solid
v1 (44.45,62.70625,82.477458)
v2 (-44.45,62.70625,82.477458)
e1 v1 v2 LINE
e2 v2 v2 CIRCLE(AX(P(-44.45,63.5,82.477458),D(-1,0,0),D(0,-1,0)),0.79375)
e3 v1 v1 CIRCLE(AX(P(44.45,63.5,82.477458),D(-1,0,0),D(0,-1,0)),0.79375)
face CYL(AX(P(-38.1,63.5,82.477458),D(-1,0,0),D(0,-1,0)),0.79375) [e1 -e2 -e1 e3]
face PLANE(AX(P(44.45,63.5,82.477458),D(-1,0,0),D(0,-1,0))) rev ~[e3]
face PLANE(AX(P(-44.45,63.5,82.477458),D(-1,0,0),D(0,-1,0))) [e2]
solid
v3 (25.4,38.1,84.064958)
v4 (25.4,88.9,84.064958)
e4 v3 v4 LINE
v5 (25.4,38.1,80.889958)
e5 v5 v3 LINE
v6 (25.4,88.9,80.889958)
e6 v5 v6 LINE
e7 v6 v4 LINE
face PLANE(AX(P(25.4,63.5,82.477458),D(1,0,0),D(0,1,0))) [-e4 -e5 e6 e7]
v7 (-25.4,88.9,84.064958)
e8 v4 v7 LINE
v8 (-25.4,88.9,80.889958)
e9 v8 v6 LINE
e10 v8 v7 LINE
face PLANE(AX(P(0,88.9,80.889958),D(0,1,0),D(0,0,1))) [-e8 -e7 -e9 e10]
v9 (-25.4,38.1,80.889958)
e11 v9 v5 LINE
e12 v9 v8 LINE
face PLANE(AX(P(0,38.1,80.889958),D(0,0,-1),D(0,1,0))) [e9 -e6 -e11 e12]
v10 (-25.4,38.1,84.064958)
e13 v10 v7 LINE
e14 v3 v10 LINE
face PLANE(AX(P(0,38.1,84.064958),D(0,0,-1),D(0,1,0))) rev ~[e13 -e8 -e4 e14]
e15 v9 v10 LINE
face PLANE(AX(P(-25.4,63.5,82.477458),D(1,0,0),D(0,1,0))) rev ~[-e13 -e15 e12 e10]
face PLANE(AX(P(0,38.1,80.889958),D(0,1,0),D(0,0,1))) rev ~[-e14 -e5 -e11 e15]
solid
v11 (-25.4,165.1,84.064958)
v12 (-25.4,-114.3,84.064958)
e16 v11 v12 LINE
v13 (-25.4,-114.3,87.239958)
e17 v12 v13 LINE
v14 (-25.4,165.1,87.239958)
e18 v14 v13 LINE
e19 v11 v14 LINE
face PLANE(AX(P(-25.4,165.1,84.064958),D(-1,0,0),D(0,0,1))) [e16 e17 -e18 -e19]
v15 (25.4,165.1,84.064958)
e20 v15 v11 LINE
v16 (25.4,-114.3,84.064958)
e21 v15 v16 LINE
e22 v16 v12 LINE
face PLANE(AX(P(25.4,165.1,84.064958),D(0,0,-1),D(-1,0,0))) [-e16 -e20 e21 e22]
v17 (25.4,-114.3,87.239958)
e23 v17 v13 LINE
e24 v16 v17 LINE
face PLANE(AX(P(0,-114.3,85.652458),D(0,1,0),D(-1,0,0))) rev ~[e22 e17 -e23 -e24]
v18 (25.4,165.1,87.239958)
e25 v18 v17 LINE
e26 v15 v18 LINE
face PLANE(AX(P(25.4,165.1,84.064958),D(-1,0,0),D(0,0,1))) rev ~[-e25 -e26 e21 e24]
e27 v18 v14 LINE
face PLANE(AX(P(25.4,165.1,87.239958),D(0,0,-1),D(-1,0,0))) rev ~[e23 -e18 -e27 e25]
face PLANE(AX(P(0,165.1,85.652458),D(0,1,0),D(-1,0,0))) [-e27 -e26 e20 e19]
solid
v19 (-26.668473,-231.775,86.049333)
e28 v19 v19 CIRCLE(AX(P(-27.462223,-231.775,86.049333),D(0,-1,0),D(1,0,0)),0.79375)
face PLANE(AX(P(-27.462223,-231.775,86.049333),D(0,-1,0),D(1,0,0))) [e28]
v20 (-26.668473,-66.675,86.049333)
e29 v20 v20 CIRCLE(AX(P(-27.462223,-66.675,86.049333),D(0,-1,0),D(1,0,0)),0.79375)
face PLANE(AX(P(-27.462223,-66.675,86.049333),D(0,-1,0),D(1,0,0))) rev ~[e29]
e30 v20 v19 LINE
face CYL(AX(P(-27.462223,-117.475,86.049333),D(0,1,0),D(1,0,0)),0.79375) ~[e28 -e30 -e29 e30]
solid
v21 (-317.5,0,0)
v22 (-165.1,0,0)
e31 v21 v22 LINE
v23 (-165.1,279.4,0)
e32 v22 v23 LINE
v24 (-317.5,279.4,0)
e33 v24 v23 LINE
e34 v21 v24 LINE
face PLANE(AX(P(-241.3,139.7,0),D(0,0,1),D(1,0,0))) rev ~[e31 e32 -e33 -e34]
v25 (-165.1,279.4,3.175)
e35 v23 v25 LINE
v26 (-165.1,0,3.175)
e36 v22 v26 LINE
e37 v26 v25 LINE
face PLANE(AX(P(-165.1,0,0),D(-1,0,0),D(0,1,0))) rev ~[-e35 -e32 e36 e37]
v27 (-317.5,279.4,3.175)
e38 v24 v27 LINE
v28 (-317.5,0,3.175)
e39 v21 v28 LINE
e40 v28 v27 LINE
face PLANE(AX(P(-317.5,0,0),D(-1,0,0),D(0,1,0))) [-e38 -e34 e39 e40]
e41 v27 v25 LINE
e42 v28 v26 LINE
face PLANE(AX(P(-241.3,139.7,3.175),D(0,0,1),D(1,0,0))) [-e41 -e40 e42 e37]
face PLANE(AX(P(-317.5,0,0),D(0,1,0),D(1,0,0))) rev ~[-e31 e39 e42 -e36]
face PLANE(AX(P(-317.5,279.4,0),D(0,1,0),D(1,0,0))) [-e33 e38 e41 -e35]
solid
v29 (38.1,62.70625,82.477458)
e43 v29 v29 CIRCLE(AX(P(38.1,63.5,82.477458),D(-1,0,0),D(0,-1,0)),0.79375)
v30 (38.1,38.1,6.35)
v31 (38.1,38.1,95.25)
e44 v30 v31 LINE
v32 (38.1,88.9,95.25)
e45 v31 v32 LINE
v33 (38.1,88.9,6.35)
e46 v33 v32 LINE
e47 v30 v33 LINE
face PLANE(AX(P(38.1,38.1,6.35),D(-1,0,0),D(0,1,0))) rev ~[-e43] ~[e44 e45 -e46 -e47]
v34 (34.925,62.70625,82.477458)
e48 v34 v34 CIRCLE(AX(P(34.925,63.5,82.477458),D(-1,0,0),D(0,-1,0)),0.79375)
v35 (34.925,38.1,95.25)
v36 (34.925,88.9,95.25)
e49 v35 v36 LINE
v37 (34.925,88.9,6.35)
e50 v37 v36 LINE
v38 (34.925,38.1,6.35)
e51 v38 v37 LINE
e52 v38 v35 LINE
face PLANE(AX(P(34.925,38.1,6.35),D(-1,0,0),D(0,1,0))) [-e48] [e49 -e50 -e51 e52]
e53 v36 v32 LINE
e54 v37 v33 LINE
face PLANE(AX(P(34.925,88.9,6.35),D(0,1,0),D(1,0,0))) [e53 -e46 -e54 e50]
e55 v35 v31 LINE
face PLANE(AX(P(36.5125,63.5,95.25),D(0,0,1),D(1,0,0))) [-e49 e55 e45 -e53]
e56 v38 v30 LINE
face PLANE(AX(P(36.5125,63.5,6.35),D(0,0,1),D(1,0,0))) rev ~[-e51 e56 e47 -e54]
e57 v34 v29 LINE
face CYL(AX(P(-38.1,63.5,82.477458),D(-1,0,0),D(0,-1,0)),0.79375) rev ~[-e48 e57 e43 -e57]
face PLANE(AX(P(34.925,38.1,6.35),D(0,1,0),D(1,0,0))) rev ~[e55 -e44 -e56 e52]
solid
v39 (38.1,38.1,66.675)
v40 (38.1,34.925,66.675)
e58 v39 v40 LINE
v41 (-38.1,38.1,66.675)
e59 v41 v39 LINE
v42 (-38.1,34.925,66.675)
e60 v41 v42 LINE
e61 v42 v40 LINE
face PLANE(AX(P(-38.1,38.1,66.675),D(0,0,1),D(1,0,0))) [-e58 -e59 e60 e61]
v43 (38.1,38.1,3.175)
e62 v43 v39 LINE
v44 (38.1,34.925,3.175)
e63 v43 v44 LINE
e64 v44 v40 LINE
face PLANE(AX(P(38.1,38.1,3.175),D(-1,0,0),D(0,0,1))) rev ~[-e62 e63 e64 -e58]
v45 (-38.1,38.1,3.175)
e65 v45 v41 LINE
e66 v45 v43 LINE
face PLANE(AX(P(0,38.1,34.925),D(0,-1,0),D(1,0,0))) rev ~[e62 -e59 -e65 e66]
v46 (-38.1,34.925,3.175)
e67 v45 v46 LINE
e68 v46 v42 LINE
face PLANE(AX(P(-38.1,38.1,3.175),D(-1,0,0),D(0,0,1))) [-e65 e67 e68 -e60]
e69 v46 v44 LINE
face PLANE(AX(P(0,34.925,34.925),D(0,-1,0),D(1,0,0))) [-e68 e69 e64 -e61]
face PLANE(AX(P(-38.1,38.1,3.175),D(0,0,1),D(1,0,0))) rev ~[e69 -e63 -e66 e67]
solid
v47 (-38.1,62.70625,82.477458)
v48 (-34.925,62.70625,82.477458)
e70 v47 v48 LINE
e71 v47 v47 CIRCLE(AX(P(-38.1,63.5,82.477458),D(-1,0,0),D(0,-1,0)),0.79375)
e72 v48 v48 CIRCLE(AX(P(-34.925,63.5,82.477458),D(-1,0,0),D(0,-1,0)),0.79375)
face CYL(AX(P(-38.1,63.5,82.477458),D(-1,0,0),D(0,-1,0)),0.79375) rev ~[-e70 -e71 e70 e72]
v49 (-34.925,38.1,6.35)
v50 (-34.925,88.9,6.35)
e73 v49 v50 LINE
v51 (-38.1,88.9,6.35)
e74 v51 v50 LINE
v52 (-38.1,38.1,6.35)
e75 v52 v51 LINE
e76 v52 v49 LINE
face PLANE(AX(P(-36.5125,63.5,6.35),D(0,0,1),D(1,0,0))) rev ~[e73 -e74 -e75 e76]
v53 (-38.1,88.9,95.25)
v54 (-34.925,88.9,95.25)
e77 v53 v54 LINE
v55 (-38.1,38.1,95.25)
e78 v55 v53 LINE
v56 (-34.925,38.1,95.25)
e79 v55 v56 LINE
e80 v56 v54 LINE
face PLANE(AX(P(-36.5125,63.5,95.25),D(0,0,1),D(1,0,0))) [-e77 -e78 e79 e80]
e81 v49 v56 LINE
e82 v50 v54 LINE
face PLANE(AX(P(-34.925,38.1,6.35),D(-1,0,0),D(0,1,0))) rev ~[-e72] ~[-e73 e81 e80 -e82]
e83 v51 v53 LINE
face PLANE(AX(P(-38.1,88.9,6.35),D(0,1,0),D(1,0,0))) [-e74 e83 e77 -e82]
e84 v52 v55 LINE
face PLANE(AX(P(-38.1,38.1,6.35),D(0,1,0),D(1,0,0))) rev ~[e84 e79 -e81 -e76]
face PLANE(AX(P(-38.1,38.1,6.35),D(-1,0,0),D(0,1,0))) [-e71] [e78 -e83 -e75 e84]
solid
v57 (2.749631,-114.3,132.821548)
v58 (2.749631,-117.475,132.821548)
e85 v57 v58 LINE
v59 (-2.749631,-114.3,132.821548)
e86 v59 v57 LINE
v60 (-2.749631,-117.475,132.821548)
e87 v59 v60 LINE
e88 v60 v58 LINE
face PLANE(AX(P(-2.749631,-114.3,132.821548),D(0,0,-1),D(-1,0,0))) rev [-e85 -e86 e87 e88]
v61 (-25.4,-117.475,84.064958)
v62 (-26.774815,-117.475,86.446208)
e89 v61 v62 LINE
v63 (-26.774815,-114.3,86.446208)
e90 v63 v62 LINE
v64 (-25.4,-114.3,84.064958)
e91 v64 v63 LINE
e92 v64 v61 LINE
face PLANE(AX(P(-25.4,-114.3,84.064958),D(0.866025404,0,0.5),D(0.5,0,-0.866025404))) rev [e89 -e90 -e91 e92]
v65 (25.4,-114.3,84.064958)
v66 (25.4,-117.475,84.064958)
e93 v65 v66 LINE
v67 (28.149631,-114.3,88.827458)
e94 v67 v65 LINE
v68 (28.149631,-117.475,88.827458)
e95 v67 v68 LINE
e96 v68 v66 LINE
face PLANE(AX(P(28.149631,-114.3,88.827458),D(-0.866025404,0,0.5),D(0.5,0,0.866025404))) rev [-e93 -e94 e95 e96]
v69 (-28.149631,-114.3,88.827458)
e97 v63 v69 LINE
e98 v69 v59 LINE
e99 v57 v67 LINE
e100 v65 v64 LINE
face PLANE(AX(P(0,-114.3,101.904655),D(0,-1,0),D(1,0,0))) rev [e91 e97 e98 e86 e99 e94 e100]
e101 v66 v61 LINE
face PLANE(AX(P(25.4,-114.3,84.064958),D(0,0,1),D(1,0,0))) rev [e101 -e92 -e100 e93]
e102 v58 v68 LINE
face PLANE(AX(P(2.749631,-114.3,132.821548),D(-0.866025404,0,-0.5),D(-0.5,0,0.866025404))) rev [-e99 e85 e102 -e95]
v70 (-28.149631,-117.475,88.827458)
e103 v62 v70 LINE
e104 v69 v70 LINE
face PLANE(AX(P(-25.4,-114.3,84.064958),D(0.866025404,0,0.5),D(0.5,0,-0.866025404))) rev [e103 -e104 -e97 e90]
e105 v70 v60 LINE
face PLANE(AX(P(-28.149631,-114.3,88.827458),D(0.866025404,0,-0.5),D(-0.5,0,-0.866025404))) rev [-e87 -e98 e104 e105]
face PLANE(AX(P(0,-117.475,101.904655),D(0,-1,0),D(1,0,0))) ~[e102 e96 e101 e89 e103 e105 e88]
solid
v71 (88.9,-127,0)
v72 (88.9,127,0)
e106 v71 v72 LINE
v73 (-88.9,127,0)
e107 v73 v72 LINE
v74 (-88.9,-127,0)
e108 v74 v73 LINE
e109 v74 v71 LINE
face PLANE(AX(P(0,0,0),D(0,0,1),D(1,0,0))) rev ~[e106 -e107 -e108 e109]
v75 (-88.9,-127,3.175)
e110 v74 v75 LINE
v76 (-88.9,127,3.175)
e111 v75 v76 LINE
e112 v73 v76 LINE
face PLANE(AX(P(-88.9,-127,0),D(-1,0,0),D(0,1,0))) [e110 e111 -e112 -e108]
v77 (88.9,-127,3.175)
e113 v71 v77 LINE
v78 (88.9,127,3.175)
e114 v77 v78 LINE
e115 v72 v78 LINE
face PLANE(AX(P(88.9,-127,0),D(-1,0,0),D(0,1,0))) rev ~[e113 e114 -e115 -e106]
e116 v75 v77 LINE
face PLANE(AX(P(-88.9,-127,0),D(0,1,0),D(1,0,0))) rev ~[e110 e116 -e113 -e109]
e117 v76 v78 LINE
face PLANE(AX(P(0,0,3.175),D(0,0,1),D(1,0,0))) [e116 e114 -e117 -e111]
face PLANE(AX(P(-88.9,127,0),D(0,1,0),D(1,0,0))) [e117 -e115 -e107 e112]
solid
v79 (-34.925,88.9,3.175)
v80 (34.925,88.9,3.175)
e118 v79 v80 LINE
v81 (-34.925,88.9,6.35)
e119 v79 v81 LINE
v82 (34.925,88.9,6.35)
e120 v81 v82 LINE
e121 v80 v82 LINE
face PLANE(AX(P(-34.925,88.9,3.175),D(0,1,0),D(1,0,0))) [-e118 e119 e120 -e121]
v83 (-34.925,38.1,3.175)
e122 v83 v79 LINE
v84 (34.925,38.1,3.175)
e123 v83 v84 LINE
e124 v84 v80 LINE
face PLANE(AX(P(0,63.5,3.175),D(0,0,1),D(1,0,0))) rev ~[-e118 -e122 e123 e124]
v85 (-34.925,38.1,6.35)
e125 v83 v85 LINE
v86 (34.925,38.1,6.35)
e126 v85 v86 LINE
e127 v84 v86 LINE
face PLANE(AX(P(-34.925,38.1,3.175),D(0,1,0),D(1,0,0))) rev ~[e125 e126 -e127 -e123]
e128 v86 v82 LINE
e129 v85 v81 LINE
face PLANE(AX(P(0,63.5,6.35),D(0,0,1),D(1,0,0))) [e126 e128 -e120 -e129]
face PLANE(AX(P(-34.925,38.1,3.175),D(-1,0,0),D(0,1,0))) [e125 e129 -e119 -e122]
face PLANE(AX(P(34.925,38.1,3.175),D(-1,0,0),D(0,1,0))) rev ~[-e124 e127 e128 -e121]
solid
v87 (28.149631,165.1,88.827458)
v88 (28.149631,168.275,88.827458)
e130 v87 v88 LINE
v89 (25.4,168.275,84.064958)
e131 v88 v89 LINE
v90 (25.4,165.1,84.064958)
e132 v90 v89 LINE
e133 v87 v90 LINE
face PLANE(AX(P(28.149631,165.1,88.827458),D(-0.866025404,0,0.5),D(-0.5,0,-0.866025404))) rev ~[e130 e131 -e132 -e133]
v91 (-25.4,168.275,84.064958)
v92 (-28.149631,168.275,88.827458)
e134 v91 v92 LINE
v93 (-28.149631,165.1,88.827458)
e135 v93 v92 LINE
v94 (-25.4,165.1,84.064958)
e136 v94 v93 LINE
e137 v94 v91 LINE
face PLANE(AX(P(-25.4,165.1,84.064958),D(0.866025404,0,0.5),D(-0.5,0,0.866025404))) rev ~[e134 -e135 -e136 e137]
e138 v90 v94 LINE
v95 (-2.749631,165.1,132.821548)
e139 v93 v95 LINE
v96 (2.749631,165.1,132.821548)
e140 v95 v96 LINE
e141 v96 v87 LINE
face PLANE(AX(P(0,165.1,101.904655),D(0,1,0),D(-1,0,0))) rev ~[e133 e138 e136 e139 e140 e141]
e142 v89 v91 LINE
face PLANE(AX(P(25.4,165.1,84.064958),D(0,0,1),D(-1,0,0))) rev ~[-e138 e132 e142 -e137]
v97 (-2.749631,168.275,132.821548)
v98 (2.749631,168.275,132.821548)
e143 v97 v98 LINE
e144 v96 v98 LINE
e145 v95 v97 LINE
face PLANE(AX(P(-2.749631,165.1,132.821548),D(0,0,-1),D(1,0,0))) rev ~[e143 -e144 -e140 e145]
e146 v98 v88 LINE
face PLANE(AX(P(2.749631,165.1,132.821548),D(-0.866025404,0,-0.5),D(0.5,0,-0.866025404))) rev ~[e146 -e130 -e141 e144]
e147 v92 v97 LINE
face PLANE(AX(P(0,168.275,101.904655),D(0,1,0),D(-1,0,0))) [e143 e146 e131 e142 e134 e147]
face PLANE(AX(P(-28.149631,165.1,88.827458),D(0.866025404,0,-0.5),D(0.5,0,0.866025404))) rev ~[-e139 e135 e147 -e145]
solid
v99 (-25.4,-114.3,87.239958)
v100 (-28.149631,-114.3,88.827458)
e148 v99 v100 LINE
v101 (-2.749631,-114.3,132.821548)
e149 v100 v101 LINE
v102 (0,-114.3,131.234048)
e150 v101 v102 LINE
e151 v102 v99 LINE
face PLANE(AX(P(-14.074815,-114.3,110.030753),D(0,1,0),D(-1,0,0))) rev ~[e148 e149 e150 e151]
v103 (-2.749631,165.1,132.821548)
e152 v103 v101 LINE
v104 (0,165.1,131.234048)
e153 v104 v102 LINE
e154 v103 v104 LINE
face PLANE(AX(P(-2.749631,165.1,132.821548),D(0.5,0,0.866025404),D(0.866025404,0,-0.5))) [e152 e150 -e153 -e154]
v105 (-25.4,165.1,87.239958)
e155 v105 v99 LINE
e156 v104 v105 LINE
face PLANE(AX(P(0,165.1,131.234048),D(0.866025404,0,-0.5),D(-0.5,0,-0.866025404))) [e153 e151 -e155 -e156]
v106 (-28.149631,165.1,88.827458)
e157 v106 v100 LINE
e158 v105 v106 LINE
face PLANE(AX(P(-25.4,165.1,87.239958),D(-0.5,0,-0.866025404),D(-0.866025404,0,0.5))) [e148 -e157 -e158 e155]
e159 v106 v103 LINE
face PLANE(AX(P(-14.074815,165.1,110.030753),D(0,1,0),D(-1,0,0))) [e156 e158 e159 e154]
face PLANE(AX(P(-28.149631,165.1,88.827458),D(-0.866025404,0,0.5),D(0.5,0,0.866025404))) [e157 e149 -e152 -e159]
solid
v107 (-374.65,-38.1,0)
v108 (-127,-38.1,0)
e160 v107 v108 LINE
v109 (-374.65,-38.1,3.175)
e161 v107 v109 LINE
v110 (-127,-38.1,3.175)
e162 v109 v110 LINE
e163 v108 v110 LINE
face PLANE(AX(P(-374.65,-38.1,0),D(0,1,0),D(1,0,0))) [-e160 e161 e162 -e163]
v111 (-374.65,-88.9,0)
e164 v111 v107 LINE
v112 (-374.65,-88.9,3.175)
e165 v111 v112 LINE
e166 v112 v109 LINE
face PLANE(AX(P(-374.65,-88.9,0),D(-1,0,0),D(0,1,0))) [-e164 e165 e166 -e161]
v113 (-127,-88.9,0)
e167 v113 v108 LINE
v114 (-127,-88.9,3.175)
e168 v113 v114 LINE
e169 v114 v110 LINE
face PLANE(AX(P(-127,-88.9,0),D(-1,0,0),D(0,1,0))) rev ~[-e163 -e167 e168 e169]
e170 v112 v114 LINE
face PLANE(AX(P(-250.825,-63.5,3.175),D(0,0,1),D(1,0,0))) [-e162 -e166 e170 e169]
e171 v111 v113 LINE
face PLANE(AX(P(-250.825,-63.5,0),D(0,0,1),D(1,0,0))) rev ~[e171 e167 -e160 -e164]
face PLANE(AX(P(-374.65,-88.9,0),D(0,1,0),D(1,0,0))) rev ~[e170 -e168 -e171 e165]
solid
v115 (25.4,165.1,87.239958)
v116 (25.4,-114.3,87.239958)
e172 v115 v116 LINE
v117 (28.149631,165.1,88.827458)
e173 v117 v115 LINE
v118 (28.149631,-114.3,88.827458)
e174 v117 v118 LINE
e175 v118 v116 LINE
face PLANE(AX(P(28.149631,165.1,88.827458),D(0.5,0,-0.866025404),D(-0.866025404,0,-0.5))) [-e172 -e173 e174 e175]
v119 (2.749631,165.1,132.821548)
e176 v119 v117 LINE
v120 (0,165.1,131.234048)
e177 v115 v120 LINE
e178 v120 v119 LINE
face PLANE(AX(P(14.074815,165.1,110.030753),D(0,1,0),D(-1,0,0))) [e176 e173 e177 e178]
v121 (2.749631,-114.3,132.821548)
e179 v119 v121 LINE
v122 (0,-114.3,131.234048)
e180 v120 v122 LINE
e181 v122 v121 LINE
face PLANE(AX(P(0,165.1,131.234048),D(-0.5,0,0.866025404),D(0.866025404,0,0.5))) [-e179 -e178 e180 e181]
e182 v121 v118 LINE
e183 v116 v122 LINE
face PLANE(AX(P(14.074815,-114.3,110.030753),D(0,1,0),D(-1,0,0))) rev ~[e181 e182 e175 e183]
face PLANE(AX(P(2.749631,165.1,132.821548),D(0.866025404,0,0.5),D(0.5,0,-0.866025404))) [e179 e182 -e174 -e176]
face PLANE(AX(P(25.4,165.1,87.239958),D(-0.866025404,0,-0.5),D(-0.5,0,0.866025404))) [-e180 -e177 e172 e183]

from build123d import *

# Parameters (mm, degrees)
F0_W           = 177.8
F0_H           = 254
F1_DEPTH       = 3.175
F2_W           = 69.85
F2_H           = 50.8
F3_DEPTH       = 3.175
F4_W           = 3.175
F4_H           = 50.8
F5_DEPTH       = 88.9
F6_R           = 0.79375
F7_DEPTH       = 127.001
F8_R           = 0.79375
F9_DEPTH       = 6.35
F9_DEPTH_BACK  = 82.55
F10_W          = 50.8
F10_H          = 3.175
F11_DEPTH      = 25.4
F14_DEPTH      = 279.4
F13_W          = 50.8
F13_H          = 3.175
F17_DEPTH      = 3.175
F19_R          = 0.79375
F20_DEPTH      = 50.8
F20_DEPTH_BACK = 114.3
F21_W          = 152.4
F21_H          = 279.4
F22_DEPTH      = 3.175
F23_W          = 76.2
F23_H          = 63.5
F24_DEPTH      = 3.175
F25_W          = 247.65
F25_H          = 50.8
F26_DEPTH      = 3.175


with BuildPart() as f1:
    # F0 (on Top) → F1 (new body)
    with BuildSketch(Plane.XY):
        Rectangle(F0_W, F0_H)
    extrude(amount=F1_DEPTH)


with BuildPart() as f3:
    # F2 (on face) → F3 (new body)
    with BuildSketch(Plane.XY.offset(3.175)):
        with Locations((0, 63.5)):
            Rectangle(F2_W, F2_H)
    extrude(amount=F3_DEPTH)


with BuildPart() as f5:
    # F4 (on face) → F5 (new body)
    with BuildSketch(Plane.XY.offset(6.35)):
        with Locations((36.5125, 63.5)):
            Rectangle(F4_W, F4_H)
    extrude(amount=F5_DEPTH)


with BuildPart() as f5b:
    # F4 (on face) → F5, piece 2 (new body)
    with BuildSketch(Plane.XY.offset(6.35)):
        with Locations((-36.5125, 63.5)):
            Rectangle(F4_W, F4_H)
    extrude(amount=F5_DEPTH)


with BuildPart() as f7_tool:
    # F6 (on face) → F7 (new body, through all)
    with BuildSketch(Plane(origin=(-38.1, 0, 0), x_dir=(0, -1, 0), z_dir=(-1, 0, 0))):
        with Locations((-63.5, 82.4774578214)):
            Circle(F6_R)
    extrude(amount=-F7_DEPTH)


with BuildPart() as f5_1:
    add(f5.part)

    # F7: cut by f7_tool
    add(f7_tool.part, mode=Mode.SUBTRACT)


with BuildPart() as f5b_1:
    add(f5b.part)

    # F7: cut by f7_tool
    add(f7_tool.part, mode=Mode.SUBTRACT)


with BuildPart() as f9:
    # F8 (on face) → F9 (new body, two sides)
    with BuildSketch(Plane(origin=(-38.1, 0, 0), x_dir=(0, -1, 0), z_dir=(-1, 0, 0))) as f9_sk:
        with Locations((-63.5, 82.4774578214)):
            Circle(F8_R)
    extrude(amount=F9_DEPTH)
    extrude(f9_sk.sketch, amount=-F9_DEPTH_BACK)


with BuildPart() as f11:
    # F10 (on Right) → F11 (new body, symmetric)
    with BuildSketch(Plane.YZ):
        with Locations((63.5, 82.4774578214)):
            Rectangle(F10_W, F10_H)
    extrude(amount=F11_DEPTH, both=True)


with BuildPart() as f14:
    # F13 (on offset) → F14 (new body)
    with BuildSketch(Plane(origin=(0, 165.1, 0), x_dir=(-1, 0, 0), z_dir=(0, 1, 0))):
        Polygon((-28.149630657, 88.8274578214), (-25.4, 87.2399578214), (0, 131.2340483336), (-2.749630657, 132.8215483336), align=None)
    extrude(amount=-F14_DEPTH)


with BuildPart() as f14b:
    # F13 (on offset) → F14, piece 2 (new body)
    with BuildSketch(Plane(origin=(0, 165.1, 0), x_dir=(-1, 0, 0), z_dir=(0, 1, 0))):
        Polygon((0, 131.2340483336), (25.4, 87.2399578214), (28.149630657, 88.8274578214), (2.749630657, 132.8215483336), align=None)
    extrude(amount=-F14_DEPTH)


with BuildPart() as f14c:
    # F13 (on offset) → F14, piece 3 (new body)
    with BuildSketch(Plane(origin=(0, 165.1, 0), x_dir=(-1, 0, 0), z_dir=(0, 1, 0))):
        with Locations((0, 85.6524578214)):
            Rectangle(F13_W, F13_H)
    extrude(amount=-F14_DEPTH)


with BuildPart() as f17:
    # F16 (on face) → F17 (new body)
    with BuildSketch(Plane(origin=(0, 165.1, 0), x_dir=(-1, 0, 0), z_dir=(0, 1, 0))):
        Polygon((-2.749630657, 132.8215483336), (-28.149630657, 88.8274578214), (-25.4, 84.0649578214), (25.4, 84.0649578214), (28.149630657, 88.8274578214), (2.749630657, 132.8215483336), align=None)
    extrude(amount=F17_DEPTH)


with BuildPart() as f18_1:
    # F18: instance of F17
    add(f17.part.mirror(Plane(origin=(14.0748153285, 25.4, 110.0307530775), x_dir=(-1, 0, 0), z_dir=(0, 1, 0))))

    # F19 (on face) → F20 (join, two sides)
    with BuildSketch(Plane.XZ.offset(117.475)) as f20_sk:
        with Locations((-27.4622229928, 86.0493328214)):
            Circle(F19_R)
    extrude(amount=-F20_DEPTH)
    extrude(f20_sk.sketch, amount=F20_DEPTH_BACK)


with BuildPart() as f22:
    # F21 (on Top) → F22 (new body)
    with BuildSketch(Plane.XY):
        with Locations((-241.3, 139.7)):
            Rectangle(F21_W, F21_H)
    extrude(amount=F22_DEPTH)


with BuildPart() as f24:
    # F23 (on face) → F24 (new body)
    with BuildSketch(Plane.XZ.offset(-38.1)):
        with Locations((0, 34.925)):
            Rectangle(F23_W, F23_H)
    extrude(amount=F24_DEPTH)


with BuildPart() as f26:
    # F25 (on Top) → F26 (new body)
    with BuildSketch(Plane.XY):
        with Locations((-250.825, -63.5)):
            Rectangle(F25_W, F25_H)
    extrude(amount=F26_DEPTH)


solid = Compound([f1.part, f3.part, f5_1.part, f5b_1.part, f9.part, f11.part, f14.part, f14b.part, f14c.part, f17.part, f18_1.part, f22.part, f24.part, f26.part])
